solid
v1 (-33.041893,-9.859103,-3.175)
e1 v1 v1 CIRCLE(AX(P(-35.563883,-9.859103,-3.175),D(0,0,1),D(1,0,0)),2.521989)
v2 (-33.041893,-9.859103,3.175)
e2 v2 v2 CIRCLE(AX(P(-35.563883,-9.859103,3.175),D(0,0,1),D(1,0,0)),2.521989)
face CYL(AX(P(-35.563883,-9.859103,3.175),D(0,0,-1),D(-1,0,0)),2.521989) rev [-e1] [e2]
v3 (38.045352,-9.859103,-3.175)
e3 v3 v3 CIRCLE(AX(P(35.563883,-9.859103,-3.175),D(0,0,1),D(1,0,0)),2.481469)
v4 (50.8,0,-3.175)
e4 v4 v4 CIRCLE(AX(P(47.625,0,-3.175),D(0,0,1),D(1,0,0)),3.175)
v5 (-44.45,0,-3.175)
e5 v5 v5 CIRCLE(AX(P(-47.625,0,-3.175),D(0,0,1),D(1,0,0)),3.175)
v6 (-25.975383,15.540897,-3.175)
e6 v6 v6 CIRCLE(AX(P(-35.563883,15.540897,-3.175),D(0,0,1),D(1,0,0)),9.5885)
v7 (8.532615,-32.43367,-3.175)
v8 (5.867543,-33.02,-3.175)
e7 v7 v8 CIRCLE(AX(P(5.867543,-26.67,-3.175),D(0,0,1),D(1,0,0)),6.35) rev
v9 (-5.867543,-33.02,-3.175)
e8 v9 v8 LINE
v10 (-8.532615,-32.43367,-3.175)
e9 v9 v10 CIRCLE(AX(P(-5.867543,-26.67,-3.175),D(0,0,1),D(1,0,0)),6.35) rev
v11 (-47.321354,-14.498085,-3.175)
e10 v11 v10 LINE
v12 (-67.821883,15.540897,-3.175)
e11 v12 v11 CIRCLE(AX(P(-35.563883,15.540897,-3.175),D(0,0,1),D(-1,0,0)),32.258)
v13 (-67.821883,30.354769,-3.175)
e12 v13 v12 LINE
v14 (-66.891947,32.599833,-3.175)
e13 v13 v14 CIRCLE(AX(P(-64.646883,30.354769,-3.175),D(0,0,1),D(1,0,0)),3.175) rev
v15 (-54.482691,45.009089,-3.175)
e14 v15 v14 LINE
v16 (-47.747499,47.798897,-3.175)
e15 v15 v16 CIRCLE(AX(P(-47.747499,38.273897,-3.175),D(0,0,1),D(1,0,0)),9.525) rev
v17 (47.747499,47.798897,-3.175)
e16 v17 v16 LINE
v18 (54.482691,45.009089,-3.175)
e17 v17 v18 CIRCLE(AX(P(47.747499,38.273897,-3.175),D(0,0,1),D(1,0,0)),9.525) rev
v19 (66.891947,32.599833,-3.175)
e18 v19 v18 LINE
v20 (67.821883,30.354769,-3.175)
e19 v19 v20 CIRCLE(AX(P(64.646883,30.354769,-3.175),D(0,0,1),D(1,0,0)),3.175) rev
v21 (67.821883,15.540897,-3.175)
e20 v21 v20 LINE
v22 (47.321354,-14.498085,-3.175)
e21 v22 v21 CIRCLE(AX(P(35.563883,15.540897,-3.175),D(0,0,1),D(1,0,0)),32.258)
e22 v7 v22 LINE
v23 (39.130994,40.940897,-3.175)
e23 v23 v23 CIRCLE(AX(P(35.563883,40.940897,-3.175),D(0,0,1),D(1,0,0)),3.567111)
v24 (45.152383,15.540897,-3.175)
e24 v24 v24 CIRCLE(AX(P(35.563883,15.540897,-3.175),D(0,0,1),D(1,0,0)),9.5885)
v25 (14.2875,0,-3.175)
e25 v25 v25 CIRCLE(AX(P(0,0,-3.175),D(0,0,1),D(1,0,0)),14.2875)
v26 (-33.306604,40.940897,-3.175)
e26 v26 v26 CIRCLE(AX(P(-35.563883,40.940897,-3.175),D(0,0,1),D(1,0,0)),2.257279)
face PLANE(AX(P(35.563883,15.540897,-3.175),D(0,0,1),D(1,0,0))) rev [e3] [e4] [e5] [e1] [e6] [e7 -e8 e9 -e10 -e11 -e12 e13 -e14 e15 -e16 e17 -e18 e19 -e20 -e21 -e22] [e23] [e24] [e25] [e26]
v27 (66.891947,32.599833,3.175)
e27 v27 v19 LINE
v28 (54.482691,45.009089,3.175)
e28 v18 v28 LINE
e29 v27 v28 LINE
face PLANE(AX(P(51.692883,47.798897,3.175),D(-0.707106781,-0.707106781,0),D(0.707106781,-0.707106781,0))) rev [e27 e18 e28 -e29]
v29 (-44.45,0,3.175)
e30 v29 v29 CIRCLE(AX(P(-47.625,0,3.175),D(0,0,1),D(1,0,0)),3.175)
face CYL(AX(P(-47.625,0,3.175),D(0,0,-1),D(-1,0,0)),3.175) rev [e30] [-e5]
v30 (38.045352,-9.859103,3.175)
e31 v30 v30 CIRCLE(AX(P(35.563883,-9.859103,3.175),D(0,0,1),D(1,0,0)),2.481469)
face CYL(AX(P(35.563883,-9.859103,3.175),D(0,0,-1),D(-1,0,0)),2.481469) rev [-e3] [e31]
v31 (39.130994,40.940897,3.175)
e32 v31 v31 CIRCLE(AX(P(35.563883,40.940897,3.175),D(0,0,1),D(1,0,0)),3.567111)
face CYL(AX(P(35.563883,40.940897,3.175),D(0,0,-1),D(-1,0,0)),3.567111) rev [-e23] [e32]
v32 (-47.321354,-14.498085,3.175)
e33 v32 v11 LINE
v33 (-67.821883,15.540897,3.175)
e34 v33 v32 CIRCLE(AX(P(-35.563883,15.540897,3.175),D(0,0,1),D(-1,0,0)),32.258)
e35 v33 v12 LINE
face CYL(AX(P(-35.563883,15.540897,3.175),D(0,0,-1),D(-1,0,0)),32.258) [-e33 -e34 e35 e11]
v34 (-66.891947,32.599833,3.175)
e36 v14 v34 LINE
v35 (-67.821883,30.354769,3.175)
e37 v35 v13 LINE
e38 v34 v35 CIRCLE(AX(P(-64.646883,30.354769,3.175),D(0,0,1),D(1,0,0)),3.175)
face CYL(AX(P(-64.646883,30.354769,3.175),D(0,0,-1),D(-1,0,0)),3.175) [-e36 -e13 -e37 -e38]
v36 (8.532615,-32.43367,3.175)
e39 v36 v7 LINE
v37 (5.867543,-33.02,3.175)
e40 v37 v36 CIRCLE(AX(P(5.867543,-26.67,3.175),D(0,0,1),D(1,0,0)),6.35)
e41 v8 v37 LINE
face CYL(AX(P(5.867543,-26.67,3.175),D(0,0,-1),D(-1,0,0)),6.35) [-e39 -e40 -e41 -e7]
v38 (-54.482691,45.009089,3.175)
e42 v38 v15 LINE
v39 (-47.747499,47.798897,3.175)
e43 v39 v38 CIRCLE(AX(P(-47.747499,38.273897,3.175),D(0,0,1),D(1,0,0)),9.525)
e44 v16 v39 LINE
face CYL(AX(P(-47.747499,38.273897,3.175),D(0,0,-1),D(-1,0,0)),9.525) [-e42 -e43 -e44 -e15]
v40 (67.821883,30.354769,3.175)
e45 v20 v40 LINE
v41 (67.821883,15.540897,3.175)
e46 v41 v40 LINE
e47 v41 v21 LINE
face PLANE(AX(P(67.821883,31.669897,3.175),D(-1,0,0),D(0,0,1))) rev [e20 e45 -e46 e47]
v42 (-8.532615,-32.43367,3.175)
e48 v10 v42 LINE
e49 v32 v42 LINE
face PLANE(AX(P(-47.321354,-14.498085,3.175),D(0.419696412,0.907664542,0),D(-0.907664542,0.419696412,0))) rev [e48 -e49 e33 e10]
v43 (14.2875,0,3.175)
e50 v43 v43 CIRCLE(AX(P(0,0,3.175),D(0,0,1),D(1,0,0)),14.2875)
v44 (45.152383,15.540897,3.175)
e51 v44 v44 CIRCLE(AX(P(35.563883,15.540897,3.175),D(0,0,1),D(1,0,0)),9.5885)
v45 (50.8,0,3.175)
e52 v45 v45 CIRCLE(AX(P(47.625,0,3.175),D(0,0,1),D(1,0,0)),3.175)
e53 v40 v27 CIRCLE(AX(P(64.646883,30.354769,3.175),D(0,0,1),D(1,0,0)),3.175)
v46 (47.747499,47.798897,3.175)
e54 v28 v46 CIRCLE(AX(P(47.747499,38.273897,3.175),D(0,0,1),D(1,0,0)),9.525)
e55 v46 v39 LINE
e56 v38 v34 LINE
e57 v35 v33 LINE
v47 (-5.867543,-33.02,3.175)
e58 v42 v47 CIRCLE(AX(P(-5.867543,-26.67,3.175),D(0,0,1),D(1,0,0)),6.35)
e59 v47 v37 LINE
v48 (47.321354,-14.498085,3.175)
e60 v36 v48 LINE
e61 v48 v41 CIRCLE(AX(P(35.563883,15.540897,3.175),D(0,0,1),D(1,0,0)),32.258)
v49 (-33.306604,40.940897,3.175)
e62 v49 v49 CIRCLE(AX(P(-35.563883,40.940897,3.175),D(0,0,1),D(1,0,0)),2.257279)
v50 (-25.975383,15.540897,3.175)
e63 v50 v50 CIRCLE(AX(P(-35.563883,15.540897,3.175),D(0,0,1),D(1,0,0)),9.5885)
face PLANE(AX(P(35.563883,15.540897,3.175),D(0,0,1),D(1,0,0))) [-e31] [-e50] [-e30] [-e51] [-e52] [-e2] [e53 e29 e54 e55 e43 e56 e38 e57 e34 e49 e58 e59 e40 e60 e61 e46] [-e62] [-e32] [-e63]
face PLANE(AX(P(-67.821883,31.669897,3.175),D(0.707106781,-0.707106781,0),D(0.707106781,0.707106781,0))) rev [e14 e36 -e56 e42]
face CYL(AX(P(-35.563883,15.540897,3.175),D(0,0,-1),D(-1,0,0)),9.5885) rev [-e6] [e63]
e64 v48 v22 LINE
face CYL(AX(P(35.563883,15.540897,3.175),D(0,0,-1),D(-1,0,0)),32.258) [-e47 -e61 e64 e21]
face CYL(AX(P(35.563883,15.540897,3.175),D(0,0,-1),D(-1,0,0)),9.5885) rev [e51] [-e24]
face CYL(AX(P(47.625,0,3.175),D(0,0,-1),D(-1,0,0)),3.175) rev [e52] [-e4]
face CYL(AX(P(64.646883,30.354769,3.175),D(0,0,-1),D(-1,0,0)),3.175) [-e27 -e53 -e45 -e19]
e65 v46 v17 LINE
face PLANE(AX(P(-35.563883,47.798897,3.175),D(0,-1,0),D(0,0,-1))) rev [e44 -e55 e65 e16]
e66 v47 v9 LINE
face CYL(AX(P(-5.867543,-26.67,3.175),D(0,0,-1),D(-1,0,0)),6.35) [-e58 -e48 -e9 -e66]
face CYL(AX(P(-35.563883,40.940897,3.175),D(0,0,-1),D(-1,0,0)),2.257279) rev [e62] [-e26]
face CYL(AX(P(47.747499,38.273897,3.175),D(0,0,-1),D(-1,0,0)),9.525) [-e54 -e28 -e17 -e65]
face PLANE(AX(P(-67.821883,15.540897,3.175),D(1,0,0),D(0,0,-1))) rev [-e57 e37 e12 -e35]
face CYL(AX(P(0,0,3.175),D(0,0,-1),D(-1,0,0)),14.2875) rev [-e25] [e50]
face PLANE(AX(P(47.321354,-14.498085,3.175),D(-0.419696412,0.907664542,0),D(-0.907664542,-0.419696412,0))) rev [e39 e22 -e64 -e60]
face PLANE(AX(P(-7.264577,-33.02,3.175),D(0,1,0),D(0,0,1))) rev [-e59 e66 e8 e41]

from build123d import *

# Parameters (mm, degrees)
SKETCH1_R           = 14.2875
SKETCH1_R_2         = 9.5885
SKETCH1_R_3         = 3.175
SKETCH1_R_4         = 2.257278931
SKETCH1_R_5         = 2.521989484
SKETCH1_R_6         = 2.481468777
SKETCH1_R_7         = 3.567111366
BOSS_EXTRUDE1_DEPTH = 3.175
FILLET1_R           = 9.525
FILLET2_R           = 3.175
FILLET3_R           = 6.35


with BuildPart() as part:
    # Sketch1 → Boss-Extrude1 (new, symmetric)
    with BuildSketch(Plane.XY):
        with BuildLine():
            Line((-35.563882813, 47.798897166), (35.563882813, 47.798897166))
            Line((35.563882813, 47.798897166), (51.692882813, 47.798897166))
            Line((51.692882813, 47.798897166), (67.821882813, 31.669897166))
            Line((67.821882813, 31.669897166), (67.821882813, 15.540897166))
            ThreePointArc((67.821882813, 15.540897166), (62.208310766, -2.642969943), (47.321354383, -14.498084612))
            Line((47.321354383, -14.498084612), (7.26457678, -33.02))
            Line((7.26457678, -33.02), (-7.26457678, -33.02))
            Line((-7.26457678, -33.02), (-47.321354383, -14.498084612))
            ThreePointArc((-47.321354383, -14.498084612), (-62.208310766, -2.642969943), (-67.821882813, 15.540897166))
            Line((-67.821882813, 15.540897166), (-67.821882813, 31.669897166))
            Line((-67.821882813, 31.669897166), (-51.692882813, 47.798897166))
            Line((-51.692882813, 47.798897166), (-35.563882813, 47.798897166))
        make_face()
        Circle(SKETCH1_R, mode=Mode.SUBTRACT)
        with Locations((35.563882813, 15.540897166)):
            Circle(SKETCH1_R_2, mode=Mode.SUBTRACT)
        with Locations((-35.563882813, 15.540897166)):
            Circle(SKETCH1_R_2, mode=Mode.SUBTRACT)
        with Locations((-47.625, 0)):
            Circle(SKETCH1_R_3, mode=Mode.SUBTRACT)
        with Locations((47.625, 0)):
            Circle(SKETCH1_R_3, mode=Mode.SUBTRACT)
        with Locations((-35.563882813, 40.940897166)):
            Circle(SKETCH1_R_4, mode=Mode.SUBTRACT)
        with Locations((-35.563882813, -9.859102834)):
            Circle(SKETCH1_R_5, mode=Mode.SUBTRACT)
        with Locations((35.563882813, -9.859102834)):
            Circle(SKETCH1_R_6, mode=Mode.SUBTRACT)
        with Locations((35.563882813, 40.940897166)):
            Circle(SKETCH1_R_7, mode=Mode.SUBTRACT)
    extrude(amount=BOSS_EXTRUDE1_DEPTH, both=True)

    # Fillet1
    fillet1_edges = [part.edges().sort_by_distance(p)[0] for p in [
        (51.692882813, 47.798897166, 0),
        (-51.692882813, 47.798897166, 0),
    ]]
    fillet(fillet1_edges, radius=FILLET1_R)

    # Fillet2
    fillet2_edges = [part.edges().sort_by_distance(p)[0] for p in [
        (67.821882813, 31.669897166, 0),
        (-67.821882813, 31.669897166, 0),
    ]]
    fillet(fillet2_edges, radius=FILLET2_R)

    # Fillet3
    fillet3_edges = [part.edges().sort_by_distance(p)[0] for p in [
        (7.26457678, -33.02, 0),
        (-7.26457678, -33.02, 0),
    ]]
    fillet(fillet3_edges, radius=FILLET3_R)


solid = part.part
